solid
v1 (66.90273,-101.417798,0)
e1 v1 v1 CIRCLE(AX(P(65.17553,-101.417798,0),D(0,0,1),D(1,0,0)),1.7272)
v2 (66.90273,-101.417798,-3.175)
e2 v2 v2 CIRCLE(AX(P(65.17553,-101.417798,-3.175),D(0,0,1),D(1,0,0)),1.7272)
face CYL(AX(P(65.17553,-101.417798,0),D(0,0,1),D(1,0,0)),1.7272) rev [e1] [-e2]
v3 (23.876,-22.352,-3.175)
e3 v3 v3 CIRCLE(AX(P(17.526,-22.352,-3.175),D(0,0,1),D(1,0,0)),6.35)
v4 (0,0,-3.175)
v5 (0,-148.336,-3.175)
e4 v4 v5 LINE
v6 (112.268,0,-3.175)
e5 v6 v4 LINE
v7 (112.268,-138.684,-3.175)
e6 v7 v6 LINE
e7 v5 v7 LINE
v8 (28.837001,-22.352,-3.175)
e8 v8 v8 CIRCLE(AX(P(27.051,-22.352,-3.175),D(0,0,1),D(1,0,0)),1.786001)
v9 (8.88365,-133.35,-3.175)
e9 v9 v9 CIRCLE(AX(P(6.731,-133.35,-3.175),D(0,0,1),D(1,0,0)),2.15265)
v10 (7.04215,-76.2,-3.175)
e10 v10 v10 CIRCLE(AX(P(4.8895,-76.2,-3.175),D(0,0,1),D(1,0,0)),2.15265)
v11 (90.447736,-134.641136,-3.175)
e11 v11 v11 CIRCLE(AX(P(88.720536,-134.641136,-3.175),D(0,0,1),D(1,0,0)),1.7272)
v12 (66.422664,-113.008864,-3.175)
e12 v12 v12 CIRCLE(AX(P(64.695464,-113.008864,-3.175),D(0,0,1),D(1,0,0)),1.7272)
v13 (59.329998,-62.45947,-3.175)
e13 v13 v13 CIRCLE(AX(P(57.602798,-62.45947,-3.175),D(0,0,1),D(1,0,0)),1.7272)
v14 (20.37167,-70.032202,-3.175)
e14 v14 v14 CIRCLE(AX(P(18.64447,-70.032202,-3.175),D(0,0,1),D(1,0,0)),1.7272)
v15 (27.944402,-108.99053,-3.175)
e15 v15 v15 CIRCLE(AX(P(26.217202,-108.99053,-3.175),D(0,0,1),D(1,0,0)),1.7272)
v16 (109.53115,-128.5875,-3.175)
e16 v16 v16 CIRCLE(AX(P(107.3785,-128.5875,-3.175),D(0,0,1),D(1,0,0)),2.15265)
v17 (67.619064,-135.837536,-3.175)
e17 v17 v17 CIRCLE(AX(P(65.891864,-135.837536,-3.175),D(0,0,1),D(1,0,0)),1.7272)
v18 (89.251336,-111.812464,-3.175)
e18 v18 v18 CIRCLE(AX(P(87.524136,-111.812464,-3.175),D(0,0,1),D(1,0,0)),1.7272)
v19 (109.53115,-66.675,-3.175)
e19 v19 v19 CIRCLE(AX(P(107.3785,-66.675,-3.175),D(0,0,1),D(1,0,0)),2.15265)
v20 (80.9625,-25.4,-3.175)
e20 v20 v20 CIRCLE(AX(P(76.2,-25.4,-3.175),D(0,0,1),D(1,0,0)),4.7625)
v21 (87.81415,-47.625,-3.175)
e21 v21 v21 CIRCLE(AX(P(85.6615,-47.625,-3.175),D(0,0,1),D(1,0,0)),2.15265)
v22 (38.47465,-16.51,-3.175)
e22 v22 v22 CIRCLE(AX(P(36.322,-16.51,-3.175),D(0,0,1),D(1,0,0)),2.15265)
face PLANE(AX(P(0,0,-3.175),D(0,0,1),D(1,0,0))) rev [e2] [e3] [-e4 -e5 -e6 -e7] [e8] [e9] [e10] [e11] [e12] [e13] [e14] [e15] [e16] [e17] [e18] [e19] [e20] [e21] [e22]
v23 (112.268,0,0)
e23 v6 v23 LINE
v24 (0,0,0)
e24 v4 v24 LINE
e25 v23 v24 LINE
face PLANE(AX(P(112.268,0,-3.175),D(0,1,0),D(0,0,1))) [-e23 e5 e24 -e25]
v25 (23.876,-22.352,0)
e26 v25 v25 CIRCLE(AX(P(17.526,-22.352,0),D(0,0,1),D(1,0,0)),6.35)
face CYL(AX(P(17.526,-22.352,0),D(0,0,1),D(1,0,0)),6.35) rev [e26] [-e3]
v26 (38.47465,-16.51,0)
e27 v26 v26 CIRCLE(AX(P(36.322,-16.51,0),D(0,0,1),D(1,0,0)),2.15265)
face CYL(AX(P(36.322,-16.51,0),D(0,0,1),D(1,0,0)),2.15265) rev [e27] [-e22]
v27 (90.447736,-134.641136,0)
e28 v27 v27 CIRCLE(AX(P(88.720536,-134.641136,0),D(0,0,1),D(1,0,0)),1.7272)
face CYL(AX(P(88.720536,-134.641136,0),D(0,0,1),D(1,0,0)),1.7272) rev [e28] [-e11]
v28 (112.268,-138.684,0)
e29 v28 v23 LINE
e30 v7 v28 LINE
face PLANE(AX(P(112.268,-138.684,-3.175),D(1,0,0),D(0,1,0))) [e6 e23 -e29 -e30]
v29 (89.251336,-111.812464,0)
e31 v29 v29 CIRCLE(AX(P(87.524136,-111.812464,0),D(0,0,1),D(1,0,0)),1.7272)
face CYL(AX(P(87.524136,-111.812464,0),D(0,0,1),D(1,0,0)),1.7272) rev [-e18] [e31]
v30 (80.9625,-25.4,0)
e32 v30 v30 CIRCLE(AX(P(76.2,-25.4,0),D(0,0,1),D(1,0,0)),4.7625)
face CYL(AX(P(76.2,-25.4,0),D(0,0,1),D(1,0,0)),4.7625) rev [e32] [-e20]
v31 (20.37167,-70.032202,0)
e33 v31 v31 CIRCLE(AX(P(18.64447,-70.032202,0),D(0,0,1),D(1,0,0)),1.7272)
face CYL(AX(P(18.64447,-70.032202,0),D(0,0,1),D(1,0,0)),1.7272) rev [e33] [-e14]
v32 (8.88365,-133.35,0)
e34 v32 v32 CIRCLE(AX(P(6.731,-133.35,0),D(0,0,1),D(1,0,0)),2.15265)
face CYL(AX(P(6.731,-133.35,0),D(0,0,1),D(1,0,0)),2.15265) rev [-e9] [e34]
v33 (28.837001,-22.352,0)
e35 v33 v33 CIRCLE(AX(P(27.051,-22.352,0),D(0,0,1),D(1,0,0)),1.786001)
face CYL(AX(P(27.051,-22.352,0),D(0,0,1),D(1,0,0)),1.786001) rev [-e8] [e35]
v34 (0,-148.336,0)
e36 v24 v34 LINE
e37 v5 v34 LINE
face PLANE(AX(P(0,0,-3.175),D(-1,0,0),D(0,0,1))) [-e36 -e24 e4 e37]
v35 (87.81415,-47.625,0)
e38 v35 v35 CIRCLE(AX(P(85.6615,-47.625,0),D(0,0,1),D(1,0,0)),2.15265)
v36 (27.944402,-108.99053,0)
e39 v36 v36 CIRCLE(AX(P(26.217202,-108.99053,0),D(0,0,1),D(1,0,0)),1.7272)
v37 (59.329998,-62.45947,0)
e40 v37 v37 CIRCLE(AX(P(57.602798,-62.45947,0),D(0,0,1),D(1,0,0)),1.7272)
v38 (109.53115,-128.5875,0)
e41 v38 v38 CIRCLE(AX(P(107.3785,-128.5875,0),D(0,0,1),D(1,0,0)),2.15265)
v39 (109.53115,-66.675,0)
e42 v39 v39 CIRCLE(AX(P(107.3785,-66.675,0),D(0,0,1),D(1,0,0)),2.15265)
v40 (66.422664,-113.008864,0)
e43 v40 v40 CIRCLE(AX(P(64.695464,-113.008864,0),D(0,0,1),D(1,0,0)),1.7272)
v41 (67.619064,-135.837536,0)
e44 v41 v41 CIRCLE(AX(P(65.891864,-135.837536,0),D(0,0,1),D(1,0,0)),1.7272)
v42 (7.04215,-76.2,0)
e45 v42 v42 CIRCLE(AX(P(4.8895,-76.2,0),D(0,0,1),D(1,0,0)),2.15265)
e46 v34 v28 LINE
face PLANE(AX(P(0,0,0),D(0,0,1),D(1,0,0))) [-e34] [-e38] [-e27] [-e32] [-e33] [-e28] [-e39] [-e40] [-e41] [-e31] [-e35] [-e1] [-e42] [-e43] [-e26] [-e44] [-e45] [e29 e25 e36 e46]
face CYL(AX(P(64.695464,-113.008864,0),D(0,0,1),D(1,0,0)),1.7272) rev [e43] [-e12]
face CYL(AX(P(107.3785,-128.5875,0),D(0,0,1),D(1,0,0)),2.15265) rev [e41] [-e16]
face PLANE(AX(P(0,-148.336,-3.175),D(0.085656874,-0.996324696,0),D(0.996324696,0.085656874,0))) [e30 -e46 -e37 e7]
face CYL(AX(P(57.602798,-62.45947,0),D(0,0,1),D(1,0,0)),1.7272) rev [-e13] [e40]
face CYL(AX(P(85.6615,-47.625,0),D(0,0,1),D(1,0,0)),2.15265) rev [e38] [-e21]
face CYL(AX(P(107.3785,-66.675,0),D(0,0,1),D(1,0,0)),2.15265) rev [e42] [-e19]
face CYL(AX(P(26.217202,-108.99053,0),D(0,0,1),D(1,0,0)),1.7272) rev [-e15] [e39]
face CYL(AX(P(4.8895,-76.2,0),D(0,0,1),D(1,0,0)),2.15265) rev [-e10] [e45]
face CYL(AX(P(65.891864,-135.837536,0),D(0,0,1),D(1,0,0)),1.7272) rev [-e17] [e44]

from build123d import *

# Parameters (mm, degrees)
BOSS_EXTRUDE1_DEPTH             = 3.175
F_6_CLEARANCE_HOLE1_D           = 4.3053
F_4_CLEARANCE_HOLE1_D           = 3.4544
F_6_CLEARANCE_HOLE2_D           = 4.3053
F_9_64_0_14063_DIAMETER_HOLE1_D = 3.572002
F_3_8_0_375_DIAMETER_HOLE1_D    = 9.525
F_1_2_0_5_DIAMETER_HOLE1_D      = 12.7


with BuildPart() as part:
    # Sketch1 → Boss-Extrude1 (new body)
    with BuildSketch(Plane.XY):
        Polygon((112.268, 0), (0, 0), (0, -148.336), (112.268, -138.684), align=None)
    extrude(amount=-BOSS_EXTRUDE1_DEPTH)

    # #6 Clearance Hole1 (through all)
    with Locations(Plane.XY):
        with Locations((6.731, -133.35), (107.3785, -128.5875), (107.3785, -66.675), (4.8895, -76.2)):
            Hole(F_6_CLEARANCE_HOLE1_D / 2)

    # #4 Clearance Hole1 (through all)
    with Locations(Plane.XY):
        with Locations((18.644469576, -70.03220158), (57.60279842, -62.459469576), (65.175530424, -101.41779842), (26.21720158, -108.990530424), (65.891864398, -135.837535562), (88.720535562, -134.641135602), (87.524135602, -111.812464438), (64.695464438, -113.008864398)):
            Hole(F_4_CLEARANCE_HOLE1_D / 2)

    # #6 Clearance Hole2 (through all)
    with Locations(Plane.XY):
        with Locations((36.322, -16.51), (85.6615, -47.625)):
            Hole(F_6_CLEARANCE_HOLE2_D / 2)

    # 9/64 (0.14063) Diameter Hole1 (through all)
    with Locations(Plane.XY):
        with Locations((27.051, -22.352)):
            Hole(F_9_64_0_14063_DIAMETER_HOLE1_D / 2)

    # 3/8 (0.375) Diameter Hole1 (through all)
    with Locations(Plane.XY):
        with Locations((76.2, -25.4)):
            Hole(F_3_8_0_375_DIAMETER_HOLE1_D / 2)

    # 1/2 (0.5) Diameter Hole1 (through all)
    with Locations(Plane.XY):
        with Locations((17.526, -22.352)):
            Hole(F_1_2_0_5_DIAMETER_HOLE1_D / 2)


solid = part.part
